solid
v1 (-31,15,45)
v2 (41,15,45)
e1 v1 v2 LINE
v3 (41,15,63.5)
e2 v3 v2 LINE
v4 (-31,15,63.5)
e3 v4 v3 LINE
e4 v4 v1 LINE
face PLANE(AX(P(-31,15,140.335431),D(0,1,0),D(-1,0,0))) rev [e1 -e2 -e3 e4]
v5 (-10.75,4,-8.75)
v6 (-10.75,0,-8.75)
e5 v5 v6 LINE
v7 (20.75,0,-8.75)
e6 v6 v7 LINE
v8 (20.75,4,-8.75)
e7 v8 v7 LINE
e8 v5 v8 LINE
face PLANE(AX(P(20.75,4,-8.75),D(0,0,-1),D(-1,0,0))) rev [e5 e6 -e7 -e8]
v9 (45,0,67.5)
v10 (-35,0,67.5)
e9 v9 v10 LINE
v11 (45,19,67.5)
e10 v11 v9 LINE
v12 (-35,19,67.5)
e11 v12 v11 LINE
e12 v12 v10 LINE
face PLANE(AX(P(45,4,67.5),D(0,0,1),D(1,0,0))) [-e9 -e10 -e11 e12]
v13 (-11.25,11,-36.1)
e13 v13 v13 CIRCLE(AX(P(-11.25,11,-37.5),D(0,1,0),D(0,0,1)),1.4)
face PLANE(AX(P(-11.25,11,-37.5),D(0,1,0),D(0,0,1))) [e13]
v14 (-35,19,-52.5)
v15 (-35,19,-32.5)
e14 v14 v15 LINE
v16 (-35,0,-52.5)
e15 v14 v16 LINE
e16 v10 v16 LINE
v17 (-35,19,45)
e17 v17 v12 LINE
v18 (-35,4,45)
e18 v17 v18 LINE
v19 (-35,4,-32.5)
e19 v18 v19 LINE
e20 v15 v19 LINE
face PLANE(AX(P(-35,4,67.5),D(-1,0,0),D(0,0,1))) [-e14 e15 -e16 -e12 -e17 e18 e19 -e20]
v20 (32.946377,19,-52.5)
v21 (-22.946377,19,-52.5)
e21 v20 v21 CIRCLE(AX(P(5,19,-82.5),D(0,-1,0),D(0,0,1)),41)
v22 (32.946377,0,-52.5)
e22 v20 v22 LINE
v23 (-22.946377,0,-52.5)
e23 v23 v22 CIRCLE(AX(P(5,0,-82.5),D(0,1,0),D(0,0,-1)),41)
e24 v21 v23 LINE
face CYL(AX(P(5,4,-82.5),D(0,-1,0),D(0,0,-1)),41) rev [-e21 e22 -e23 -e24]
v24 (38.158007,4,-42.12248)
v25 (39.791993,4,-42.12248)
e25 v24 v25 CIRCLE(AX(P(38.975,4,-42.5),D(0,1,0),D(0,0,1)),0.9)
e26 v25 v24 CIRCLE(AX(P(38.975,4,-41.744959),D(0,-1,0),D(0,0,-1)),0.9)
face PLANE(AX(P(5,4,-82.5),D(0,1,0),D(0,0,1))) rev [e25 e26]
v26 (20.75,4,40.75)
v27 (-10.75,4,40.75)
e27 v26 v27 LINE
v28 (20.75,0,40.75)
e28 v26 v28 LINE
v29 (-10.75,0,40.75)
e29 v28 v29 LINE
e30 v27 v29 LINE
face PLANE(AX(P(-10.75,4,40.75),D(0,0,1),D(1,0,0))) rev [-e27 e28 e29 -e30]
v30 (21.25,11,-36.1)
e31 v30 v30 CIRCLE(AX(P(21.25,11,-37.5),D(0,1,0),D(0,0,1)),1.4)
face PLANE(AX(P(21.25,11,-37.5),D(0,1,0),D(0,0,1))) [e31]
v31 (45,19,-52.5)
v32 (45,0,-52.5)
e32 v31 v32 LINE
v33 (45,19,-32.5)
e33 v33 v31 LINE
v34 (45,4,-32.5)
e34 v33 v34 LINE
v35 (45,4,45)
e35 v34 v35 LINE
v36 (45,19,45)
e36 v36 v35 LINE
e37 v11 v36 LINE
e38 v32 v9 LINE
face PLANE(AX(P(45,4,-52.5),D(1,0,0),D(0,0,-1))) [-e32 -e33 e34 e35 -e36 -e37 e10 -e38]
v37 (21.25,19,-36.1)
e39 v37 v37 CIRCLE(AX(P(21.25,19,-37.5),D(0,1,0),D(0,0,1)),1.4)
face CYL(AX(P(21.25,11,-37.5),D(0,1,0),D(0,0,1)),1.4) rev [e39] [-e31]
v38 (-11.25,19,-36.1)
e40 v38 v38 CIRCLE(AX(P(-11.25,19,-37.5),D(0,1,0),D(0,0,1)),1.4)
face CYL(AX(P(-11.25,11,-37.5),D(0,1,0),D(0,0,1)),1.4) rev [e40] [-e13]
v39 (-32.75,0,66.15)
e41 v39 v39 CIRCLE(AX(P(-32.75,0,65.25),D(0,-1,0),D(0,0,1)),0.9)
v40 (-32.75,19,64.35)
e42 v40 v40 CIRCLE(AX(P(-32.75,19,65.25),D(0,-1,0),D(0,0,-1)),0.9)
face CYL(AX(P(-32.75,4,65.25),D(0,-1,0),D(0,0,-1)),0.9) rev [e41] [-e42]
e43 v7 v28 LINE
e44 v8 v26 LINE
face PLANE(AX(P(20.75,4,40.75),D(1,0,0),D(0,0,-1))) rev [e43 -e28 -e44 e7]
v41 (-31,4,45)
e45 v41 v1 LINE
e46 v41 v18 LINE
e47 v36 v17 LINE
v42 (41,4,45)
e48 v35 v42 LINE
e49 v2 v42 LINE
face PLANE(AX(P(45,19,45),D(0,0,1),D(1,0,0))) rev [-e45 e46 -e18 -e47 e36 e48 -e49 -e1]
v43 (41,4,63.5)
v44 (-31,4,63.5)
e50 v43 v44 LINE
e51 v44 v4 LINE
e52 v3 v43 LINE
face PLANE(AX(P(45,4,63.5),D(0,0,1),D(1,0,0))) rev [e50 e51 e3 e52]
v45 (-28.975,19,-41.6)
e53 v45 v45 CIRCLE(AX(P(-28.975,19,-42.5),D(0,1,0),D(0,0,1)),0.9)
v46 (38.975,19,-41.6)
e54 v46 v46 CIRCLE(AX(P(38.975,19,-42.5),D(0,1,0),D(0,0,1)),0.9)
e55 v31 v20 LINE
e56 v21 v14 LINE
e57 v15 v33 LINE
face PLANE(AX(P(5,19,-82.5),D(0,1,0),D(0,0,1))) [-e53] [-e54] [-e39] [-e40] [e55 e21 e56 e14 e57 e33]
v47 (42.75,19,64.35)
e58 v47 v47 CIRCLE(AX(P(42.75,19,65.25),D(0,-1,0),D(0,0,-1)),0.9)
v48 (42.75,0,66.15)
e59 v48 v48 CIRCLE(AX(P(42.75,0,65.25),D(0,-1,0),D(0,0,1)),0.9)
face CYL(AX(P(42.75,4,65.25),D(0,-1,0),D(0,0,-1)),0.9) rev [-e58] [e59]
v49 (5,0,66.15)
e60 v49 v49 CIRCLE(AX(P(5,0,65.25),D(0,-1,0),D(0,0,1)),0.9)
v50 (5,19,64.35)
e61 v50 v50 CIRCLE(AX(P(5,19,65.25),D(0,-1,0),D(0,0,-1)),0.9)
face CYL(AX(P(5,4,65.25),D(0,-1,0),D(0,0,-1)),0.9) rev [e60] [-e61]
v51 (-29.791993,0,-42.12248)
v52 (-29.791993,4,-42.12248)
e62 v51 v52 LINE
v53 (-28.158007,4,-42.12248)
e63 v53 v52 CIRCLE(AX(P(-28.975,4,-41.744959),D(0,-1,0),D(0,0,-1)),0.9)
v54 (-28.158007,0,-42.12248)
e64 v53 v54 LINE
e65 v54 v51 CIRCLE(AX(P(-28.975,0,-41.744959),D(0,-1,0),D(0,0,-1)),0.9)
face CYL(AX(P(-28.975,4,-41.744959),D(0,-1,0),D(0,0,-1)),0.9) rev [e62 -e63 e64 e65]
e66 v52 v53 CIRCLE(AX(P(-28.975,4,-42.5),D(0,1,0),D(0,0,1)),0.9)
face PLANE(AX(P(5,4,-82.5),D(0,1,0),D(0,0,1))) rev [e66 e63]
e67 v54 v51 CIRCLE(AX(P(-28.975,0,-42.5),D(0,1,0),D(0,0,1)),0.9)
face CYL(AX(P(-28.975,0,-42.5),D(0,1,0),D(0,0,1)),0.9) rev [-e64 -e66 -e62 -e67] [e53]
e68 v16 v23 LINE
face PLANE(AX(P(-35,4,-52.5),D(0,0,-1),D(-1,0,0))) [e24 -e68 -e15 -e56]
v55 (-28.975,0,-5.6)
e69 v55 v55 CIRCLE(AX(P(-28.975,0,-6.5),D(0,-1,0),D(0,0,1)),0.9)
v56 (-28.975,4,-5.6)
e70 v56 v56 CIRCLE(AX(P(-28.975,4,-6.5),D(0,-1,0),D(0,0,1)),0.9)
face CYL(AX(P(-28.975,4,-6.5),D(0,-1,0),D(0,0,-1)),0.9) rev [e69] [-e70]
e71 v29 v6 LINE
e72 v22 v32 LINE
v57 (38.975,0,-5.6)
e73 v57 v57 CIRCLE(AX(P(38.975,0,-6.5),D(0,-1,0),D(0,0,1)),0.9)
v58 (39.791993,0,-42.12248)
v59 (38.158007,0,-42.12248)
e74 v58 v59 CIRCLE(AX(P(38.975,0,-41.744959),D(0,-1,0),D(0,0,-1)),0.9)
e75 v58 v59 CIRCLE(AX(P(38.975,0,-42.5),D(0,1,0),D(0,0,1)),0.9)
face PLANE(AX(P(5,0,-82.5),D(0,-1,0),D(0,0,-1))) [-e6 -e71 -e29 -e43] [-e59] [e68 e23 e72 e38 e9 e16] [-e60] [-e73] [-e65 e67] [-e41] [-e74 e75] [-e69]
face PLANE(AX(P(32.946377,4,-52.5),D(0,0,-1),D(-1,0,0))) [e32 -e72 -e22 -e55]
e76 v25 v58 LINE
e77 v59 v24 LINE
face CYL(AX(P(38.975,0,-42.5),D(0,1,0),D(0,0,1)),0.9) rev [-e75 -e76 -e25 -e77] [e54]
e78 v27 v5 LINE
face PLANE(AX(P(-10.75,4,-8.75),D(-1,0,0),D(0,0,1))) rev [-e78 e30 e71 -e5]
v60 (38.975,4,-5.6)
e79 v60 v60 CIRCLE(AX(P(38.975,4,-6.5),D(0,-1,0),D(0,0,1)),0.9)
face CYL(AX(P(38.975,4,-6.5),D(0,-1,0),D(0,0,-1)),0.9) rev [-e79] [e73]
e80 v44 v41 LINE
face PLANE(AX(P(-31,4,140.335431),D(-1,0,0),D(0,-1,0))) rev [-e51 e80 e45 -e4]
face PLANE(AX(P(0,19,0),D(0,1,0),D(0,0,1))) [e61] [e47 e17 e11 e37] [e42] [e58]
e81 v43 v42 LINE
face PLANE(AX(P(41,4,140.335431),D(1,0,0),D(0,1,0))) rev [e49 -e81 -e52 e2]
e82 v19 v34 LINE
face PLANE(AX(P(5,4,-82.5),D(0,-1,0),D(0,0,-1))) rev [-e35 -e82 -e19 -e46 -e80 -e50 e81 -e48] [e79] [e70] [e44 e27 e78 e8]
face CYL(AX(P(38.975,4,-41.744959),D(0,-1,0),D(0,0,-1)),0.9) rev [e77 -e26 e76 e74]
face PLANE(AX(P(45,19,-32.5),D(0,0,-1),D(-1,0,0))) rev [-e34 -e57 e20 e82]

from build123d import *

# Parameters (mm, degrees)
SKETCH_1_R          = 0.9
SKETCH_1_W          = 31.5
SKETCH_1_H          = 49.5
EXTRUDE_1_DEPTH     = 4
SKETCH_2_W          = 80
SKETCH_2_H          = 22.5
EXTRUDE_2_DEPTH     = 15
SKETCH_3_R          = 0.9
CUT_EXTRUDE_1_DEPTH = 20
SKETCH_4_R          = 0.9
CUT_EXTRUDE_2_DEPTH = 20
SKETCH_6_W          = 72
SKETCH_6_H          = 11
CUT_EXTRUDE_3_DEPTH = 18.5
SKETCH_7_R          = 1.4
CUT_EXTRUDE_5_DEPTH = 8


with BuildPart() as part:
    # 스케치1 → 보스-돌출1 (new body)
    with BuildSketch(Plane.XZ):
        with BuildLine():
            Line((45, -52.5), (45, 67.5))
            Line((45, 67.5), (-35, 67.5))
            Line((-35, 67.5), (-35, -52.5))
            Line((-35, -52.5), (-22.946377225, -52.5))
            ThreePointArc((-22.946377225, -52.5), (5, -41.5), (32.946377225, -52.5))
            Line((32.946377225, -52.5), (45, -52.5))
        make_face()
        with Locations((-28.975, -41.744959148)):
            Circle(SKETCH_1_R, mode=Mode.SUBTRACT)
        with Locations((-28.975, -6.5)):
            Circle(SKETCH_1_R, mode=Mode.SUBTRACT)
        with Locations((-32.75, 65.25)):
            Circle(SKETCH_1_R, mode=Mode.SUBTRACT)
        with Locations((5, 65.25)):
            Circle(SKETCH_1_R, mode=Mode.SUBTRACT)
        with Locations((42.75, 65.25)):
            Circle(SKETCH_1_R, mode=Mode.SUBTRACT)
        with Locations((38.975, -6.5)):
            Circle(SKETCH_1_R, mode=Mode.SUBTRACT)
        with Locations((38.975, -41.744959148)):
            Circle(SKETCH_1_R, mode=Mode.SUBTRACT)
        with Locations((5, 16)):
            Rectangle(SKETCH_1_W, SKETCH_1_H, mode=Mode.SUBTRACT)
    extrude(amount=-EXTRUDE_1_DEPTH)

    # 스케치2 → 보스-돌출2 (add)
    with BuildSketch(Plane(origin=(0, 4, 0), x_dir=(1, 0, 0), z_dir=(0, 1, 0))):
        with Locations((5, -56.25)):
            Rectangle(SKETCH_2_W, SKETCH_2_H)
        with BuildLine():
            Line((45, 32.5), (-35, 32.5))
            Line((-35, 32.5), (-35, 52.5))
            Line((-35, 52.5), (-22.946377225, 52.5))
            ThreePointArc((-22.946377225, 52.5), (5, 41.5), (32.946377225, 52.5))
            Line((32.946377225, 52.5), (45, 52.5))
            Line((45, 52.5), (45, 32.5))
        make_face()
    extrude(amount=EXTRUDE_2_DEPTH)

    # 스케치3 → 컷-돌출1 (cut, through all)
    with BuildSketch(Plane(origin=(0, 19, 0), x_dir=(1, 0, 0), z_dir=(0, 1, 0))):
        with Locations((38.975, 42.5)):
            Circle(SKETCH_3_R)
        with Locations((-28.975, 42.5)):
            Circle(SKETCH_3_R)
    extrude(amount=-CUT_EXTRUDE_1_DEPTH, mode=Mode.SUBTRACT)

    # 스케치4 → 컷-돌출2 (cut, through all)
    with BuildSketch(Plane.XZ):
        with Locations((42.75, 65.25)):
            Circle(SKETCH_4_R)
        with Locations((5, 65.25)):
            Circle(SKETCH_4_R)
        with Locations((-32.75, 65.25)):
            Circle(SKETCH_4_R)
    extrude(amount=-CUT_EXTRUDE_2_DEPTH, mode=Mode.SUBTRACT)

    # 스케치6 → 컷-돌출3 (cut)
    with BuildSketch(Plane(origin=(0, 0, 45), x_dir=(-1, 0, 0), z_dir=(0, 0, -1))):
        with Locations((-5, 9.5)):
            Rectangle(SKETCH_6_W, SKETCH_6_H)
    extrude(amount=-CUT_EXTRUDE_3_DEPTH, mode=Mode.SUBTRACT)

    # 스케치7 → 컷-돌출5 (cut)
    with BuildSketch(Plane(origin=(0, 19, 0), x_dir=(1, 0, 0), z_dir=(0, 1, 0))):
        with Locations((21.25, 37.5)):
            Circle(SKETCH_7_R)
        with Locations((-11.25, 37.5)):
            Circle(SKETCH_7_R)
    extrude(amount=-CUT_EXTRUDE_5_DEPTH, mode=Mode.SUBTRACT)


solid = part.part
